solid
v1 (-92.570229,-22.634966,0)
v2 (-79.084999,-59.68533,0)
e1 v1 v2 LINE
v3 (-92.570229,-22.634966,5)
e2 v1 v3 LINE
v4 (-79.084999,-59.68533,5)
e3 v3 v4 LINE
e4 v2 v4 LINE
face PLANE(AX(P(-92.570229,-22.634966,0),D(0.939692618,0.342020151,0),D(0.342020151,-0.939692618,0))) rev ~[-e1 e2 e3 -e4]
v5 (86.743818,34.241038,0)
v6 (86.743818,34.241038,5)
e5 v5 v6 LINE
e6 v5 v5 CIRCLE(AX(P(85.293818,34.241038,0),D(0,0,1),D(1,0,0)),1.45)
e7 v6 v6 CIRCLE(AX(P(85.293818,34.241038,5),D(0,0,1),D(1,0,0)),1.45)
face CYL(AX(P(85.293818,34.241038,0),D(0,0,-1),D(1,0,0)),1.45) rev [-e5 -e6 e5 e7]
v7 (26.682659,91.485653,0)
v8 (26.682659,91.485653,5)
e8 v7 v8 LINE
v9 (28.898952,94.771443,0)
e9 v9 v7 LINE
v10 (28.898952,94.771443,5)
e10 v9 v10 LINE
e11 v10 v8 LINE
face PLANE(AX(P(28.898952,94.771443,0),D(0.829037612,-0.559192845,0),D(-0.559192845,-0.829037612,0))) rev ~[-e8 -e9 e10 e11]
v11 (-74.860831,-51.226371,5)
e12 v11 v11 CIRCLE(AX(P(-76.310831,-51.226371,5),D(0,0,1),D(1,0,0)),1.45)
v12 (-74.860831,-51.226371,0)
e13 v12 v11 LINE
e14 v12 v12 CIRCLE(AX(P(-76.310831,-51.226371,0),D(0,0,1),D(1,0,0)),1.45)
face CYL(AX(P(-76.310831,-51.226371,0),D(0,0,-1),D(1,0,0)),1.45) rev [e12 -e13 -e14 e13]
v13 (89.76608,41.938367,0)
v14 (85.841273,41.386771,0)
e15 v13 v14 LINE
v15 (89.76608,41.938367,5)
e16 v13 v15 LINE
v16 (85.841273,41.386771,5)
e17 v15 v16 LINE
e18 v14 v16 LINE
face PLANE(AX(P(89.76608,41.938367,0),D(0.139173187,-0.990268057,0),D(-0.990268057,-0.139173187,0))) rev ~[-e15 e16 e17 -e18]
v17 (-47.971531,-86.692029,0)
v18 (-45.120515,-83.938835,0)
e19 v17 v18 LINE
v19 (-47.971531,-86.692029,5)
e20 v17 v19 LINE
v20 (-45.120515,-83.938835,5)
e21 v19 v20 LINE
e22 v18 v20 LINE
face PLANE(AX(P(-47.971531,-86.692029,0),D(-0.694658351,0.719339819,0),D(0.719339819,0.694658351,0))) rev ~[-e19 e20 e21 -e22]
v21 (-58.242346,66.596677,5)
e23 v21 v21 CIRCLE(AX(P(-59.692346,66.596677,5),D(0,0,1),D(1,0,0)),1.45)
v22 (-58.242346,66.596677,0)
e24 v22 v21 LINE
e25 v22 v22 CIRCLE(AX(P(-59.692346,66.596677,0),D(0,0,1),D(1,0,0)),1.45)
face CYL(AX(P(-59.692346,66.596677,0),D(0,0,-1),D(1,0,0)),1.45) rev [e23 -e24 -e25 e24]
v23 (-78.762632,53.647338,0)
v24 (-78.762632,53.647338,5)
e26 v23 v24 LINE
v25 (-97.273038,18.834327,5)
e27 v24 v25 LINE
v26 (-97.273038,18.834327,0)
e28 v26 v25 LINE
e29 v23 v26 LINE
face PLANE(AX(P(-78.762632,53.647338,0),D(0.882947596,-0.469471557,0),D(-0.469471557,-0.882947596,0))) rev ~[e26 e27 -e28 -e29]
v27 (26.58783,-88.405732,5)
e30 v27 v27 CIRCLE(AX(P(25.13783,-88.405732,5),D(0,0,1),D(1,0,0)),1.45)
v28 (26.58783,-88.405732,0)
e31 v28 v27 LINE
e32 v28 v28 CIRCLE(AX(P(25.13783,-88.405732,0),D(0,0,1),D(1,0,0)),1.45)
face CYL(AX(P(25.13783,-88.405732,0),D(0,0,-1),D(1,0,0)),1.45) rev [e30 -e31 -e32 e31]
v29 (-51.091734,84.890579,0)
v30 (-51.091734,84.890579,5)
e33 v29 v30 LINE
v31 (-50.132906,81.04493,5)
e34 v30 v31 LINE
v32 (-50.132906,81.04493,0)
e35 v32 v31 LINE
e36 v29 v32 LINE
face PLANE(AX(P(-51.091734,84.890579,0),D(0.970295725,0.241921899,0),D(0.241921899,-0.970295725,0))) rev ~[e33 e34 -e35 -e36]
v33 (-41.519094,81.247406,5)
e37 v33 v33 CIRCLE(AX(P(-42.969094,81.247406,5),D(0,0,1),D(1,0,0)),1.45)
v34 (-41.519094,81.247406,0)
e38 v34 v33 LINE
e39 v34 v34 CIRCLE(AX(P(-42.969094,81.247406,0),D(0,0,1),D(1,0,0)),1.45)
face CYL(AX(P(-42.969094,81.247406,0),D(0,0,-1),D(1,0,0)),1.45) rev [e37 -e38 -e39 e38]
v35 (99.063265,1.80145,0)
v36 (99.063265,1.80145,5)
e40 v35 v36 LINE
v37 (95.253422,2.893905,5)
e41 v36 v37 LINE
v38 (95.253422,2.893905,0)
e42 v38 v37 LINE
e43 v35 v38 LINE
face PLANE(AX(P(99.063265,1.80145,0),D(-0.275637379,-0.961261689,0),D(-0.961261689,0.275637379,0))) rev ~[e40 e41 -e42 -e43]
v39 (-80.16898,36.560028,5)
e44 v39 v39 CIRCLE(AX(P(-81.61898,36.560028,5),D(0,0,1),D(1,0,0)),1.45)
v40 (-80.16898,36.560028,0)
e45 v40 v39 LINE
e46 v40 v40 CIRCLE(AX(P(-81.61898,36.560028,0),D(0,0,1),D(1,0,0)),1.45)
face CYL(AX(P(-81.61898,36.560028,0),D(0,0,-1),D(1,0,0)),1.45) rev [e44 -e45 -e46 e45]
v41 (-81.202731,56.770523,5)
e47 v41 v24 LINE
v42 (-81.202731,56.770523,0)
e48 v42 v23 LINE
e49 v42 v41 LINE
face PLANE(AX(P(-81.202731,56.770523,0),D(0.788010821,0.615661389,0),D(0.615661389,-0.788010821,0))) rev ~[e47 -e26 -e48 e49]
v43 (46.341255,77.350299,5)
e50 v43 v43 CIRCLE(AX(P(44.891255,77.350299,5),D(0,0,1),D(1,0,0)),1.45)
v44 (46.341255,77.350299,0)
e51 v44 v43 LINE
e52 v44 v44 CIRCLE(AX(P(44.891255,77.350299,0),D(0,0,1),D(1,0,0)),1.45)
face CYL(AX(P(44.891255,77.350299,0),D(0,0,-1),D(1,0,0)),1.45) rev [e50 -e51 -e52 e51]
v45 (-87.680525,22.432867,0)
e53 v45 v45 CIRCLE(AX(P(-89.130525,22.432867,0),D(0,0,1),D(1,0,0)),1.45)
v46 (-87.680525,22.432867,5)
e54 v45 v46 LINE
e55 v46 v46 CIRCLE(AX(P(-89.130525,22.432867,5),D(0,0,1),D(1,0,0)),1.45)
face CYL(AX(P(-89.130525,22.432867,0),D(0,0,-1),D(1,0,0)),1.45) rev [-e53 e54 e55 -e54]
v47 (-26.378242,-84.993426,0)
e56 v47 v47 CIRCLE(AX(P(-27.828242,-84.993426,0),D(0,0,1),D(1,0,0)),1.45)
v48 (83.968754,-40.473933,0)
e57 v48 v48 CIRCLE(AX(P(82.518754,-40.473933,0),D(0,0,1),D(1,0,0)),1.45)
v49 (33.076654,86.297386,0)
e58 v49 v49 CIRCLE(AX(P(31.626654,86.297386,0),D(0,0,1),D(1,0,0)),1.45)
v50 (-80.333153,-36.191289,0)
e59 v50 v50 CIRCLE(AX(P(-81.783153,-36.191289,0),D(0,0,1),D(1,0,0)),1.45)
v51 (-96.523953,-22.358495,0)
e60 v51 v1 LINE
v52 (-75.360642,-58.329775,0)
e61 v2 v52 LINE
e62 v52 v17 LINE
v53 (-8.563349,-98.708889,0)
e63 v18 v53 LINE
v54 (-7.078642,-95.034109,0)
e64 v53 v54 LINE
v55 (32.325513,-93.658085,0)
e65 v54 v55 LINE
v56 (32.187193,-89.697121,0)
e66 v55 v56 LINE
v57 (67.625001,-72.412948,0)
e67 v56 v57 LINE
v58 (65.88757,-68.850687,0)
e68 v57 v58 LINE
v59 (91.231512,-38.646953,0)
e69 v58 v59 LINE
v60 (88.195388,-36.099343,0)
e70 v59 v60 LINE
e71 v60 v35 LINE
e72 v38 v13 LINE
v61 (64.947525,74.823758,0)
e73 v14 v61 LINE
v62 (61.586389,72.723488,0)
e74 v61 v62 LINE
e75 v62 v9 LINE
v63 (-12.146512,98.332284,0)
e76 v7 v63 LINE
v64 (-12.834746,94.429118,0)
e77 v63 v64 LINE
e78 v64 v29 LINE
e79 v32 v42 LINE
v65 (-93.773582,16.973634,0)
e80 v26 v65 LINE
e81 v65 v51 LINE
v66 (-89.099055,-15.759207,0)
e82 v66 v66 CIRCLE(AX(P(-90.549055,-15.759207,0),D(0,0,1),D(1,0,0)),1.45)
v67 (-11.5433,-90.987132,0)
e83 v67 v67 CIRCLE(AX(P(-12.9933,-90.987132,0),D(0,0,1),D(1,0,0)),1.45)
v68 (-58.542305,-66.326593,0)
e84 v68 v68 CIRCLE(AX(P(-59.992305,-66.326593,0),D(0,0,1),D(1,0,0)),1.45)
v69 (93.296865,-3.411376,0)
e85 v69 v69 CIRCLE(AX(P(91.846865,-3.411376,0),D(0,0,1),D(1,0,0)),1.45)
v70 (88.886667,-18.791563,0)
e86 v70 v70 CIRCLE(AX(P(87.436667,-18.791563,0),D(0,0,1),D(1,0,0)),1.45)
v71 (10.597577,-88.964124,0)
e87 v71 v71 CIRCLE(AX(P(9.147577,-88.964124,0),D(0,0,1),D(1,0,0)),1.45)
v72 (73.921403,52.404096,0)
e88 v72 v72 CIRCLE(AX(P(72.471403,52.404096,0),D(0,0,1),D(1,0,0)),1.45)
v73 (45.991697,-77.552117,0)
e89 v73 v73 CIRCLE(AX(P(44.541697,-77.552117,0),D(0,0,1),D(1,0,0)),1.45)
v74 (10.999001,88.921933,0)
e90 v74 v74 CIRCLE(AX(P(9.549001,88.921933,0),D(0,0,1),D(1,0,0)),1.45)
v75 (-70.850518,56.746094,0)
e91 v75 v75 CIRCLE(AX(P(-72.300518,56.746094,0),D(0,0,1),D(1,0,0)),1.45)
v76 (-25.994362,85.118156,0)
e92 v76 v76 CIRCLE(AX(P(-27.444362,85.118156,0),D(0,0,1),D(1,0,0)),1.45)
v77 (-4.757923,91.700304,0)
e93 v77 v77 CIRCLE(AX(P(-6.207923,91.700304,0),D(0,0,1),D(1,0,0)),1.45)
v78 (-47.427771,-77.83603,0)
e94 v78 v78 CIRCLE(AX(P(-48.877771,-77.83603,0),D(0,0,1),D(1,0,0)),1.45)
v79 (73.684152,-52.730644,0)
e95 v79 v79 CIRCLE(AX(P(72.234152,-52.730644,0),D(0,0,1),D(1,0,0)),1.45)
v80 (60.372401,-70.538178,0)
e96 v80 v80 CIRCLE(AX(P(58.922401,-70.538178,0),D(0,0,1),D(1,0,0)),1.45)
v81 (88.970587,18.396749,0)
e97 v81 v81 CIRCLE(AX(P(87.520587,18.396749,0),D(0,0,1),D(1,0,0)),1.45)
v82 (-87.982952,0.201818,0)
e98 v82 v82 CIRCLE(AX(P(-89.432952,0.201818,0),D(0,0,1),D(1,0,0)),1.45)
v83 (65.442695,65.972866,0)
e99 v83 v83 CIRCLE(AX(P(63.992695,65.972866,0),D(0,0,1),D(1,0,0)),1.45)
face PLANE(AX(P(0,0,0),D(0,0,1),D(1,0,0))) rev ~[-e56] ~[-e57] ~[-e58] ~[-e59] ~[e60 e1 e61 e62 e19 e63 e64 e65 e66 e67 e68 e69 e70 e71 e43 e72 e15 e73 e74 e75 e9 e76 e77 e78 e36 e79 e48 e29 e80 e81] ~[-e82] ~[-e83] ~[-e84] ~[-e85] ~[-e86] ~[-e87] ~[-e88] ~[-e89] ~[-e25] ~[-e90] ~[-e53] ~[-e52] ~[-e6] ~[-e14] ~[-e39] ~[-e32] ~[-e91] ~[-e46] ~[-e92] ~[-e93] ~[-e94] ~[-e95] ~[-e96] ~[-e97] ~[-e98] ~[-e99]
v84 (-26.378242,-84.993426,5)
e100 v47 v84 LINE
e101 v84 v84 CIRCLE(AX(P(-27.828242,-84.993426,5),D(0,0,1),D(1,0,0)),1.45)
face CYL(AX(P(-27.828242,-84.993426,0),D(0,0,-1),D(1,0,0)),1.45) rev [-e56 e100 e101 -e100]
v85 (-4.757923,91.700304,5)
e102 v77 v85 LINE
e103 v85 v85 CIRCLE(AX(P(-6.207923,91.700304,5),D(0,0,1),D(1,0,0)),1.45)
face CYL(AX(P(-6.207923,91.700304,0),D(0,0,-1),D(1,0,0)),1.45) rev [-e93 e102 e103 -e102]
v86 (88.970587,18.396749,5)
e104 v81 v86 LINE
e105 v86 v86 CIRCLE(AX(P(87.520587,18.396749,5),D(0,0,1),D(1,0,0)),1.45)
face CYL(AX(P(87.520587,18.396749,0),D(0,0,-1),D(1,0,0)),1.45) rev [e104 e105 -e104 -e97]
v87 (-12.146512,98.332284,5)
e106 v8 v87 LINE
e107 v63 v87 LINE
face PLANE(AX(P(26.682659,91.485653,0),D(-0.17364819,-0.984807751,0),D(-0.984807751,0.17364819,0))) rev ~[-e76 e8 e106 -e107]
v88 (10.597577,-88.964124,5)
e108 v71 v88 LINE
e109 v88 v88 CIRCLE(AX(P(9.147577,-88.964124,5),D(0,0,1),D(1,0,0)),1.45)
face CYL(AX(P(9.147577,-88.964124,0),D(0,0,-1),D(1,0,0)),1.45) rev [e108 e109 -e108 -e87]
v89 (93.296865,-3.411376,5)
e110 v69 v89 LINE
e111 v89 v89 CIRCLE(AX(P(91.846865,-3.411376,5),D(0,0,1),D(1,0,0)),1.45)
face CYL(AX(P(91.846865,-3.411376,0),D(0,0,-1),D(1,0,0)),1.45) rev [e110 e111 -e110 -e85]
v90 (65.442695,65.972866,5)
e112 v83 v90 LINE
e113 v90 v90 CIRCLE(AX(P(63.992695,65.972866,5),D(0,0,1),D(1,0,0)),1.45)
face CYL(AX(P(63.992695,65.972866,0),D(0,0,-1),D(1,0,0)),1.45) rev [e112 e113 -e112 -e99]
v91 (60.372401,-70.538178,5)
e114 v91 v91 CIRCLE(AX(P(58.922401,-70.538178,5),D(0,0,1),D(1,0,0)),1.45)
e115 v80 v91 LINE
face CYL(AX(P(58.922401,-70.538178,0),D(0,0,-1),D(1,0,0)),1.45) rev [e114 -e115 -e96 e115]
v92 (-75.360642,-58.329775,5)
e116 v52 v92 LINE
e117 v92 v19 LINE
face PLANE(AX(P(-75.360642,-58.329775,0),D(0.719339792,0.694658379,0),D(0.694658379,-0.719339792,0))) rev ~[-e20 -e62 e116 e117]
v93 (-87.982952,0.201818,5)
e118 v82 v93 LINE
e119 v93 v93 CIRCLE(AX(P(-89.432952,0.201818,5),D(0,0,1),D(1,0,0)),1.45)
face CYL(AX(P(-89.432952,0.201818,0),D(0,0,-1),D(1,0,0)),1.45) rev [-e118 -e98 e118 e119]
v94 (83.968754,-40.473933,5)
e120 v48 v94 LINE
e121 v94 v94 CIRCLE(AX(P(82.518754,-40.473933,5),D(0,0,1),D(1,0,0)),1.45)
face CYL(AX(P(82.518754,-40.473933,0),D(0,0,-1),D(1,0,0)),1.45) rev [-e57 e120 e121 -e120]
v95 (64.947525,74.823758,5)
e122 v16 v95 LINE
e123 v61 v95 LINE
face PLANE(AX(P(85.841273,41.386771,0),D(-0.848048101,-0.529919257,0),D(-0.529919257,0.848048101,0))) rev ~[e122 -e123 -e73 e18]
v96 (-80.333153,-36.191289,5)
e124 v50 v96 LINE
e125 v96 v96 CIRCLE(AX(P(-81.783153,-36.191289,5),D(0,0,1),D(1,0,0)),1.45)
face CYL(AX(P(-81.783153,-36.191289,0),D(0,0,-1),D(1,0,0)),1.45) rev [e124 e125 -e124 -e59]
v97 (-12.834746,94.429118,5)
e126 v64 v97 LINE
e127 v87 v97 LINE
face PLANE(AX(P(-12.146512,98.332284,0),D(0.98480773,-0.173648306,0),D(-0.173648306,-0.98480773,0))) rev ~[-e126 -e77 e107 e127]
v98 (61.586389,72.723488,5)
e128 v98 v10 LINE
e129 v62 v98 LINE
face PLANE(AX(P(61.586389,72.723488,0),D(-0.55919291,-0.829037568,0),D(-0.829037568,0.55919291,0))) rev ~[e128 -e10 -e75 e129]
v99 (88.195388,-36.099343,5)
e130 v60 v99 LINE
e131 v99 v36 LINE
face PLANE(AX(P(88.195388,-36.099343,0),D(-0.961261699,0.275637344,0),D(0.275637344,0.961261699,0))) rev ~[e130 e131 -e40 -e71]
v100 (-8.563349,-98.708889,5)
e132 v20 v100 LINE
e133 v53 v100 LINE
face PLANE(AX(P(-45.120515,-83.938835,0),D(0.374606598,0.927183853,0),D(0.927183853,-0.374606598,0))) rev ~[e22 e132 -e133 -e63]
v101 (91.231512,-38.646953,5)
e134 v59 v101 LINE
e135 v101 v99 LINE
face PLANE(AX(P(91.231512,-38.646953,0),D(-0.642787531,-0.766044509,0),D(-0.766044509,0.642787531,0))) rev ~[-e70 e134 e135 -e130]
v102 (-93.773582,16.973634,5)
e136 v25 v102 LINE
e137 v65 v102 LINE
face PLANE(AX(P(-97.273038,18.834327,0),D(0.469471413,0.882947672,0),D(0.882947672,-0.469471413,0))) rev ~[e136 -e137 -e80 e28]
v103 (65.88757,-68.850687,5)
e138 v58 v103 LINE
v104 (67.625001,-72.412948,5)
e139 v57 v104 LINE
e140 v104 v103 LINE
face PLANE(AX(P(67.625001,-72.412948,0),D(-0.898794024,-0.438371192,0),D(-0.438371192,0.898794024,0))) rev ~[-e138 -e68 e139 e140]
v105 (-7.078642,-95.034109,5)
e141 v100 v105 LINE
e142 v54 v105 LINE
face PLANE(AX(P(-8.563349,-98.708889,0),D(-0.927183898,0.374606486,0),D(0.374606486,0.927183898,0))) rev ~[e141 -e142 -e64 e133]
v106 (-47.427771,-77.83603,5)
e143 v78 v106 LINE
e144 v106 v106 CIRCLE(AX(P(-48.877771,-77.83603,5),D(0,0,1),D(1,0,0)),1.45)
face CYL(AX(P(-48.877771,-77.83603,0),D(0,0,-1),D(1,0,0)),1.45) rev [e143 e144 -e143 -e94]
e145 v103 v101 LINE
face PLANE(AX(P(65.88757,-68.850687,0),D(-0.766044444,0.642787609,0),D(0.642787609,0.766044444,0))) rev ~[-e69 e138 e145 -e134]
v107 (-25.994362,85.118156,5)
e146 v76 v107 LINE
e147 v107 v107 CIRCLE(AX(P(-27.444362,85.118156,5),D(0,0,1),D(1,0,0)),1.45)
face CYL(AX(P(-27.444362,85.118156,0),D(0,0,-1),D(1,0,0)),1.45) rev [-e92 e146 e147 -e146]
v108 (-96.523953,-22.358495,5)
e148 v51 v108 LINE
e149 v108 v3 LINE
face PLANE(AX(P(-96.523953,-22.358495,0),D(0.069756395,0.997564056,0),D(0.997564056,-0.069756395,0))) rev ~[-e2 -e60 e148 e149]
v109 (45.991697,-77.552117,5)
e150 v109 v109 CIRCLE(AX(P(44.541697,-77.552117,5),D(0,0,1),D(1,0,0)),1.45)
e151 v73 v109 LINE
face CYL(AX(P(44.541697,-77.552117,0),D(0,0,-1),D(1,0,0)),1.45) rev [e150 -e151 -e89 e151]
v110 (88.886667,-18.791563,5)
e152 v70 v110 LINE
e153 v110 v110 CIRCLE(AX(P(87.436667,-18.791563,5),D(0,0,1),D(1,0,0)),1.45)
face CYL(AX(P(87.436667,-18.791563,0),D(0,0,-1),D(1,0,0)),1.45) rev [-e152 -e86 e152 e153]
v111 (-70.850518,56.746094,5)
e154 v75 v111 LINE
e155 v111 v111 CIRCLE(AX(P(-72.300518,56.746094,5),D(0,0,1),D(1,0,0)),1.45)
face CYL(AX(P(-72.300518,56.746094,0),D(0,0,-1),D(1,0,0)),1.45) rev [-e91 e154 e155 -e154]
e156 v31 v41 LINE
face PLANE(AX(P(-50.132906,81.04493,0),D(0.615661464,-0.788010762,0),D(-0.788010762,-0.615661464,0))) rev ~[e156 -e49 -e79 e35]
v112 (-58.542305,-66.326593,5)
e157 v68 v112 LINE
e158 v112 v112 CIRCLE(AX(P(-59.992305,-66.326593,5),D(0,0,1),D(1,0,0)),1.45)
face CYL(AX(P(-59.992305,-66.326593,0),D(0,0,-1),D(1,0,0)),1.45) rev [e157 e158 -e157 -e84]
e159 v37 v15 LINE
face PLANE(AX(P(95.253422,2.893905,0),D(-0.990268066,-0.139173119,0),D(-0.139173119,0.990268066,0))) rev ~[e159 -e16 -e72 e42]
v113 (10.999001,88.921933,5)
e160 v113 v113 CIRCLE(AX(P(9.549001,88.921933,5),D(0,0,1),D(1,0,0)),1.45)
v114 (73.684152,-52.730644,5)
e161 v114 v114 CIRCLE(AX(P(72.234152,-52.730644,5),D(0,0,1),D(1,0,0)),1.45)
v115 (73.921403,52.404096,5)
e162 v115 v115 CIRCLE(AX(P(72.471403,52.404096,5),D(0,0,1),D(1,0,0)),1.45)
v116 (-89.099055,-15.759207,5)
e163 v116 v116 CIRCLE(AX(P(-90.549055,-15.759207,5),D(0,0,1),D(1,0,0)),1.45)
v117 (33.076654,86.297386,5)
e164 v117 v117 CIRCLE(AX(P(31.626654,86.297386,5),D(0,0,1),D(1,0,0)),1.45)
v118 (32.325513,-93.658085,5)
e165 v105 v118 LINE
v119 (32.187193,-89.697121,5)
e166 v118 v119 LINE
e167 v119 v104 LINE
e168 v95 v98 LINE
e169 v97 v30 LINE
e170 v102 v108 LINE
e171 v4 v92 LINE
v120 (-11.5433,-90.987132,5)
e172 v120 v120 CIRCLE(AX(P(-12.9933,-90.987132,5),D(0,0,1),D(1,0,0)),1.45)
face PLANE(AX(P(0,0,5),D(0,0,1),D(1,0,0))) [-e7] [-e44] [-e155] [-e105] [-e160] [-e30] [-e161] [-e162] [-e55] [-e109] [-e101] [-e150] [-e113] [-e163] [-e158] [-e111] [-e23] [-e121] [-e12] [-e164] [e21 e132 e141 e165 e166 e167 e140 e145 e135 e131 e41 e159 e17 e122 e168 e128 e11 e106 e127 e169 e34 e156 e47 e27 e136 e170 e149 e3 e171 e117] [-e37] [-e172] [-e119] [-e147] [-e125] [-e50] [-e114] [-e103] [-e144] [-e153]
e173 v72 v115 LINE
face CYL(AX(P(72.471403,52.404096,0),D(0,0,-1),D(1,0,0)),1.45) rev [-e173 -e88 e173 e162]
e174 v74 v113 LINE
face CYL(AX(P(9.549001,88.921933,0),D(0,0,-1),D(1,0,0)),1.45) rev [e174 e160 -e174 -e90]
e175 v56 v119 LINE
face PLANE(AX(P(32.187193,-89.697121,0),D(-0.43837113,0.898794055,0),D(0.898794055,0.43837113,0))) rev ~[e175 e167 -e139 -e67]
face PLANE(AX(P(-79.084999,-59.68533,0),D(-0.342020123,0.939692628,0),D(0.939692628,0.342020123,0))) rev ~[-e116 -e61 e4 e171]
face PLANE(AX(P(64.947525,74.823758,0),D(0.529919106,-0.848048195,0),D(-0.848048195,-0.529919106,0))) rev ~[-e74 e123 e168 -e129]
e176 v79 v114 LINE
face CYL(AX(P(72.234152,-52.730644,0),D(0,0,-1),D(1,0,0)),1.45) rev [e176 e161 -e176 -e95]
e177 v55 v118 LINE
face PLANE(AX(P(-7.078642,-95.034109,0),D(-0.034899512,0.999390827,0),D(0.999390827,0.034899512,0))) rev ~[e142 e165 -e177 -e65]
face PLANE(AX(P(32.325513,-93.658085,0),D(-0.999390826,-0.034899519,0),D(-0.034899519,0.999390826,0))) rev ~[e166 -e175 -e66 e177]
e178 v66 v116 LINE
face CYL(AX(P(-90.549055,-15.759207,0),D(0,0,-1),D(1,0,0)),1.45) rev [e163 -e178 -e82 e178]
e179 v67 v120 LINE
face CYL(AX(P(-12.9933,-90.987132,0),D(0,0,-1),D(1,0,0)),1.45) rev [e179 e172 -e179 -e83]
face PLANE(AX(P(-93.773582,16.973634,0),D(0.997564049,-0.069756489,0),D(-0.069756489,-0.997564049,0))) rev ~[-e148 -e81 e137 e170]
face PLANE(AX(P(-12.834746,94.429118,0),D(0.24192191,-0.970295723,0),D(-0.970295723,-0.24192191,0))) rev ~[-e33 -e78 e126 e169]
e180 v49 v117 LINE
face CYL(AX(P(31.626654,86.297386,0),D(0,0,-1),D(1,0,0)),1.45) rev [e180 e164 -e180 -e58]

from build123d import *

# Parameters (mm, degrees)
F0_R     = 1.45
F1_DEPTH = 5


with BuildPart() as f1:
    # F0 (on Top) → F1 (new body)
    with BuildSketch(Plane.XY):
        Polygon((-12.834746, 94.429118), (-51.091734, 84.890579), (-50.132906, 81.04493), (-81.202731, 56.770523), (-78.762632, 53.647338), (-97.273038, 18.834327), (-93.773582, 16.973634), (-96.523953, -22.358495), (-92.570229, -22.634966), (-79.084999, -59.68533), (-75.360642, -58.329775), (-47.971531, -86.692029), (-45.120515, -83.938835), (-8.563349, -98.708889), (-7.078642, -95.034109), (32.325513, -93.658085), (32.187193, -89.697121), (67.625001, -72.412948), (65.88757, -68.850687), (91.231512, -38.646953), (88.195388, -36.099343), (99.063265, 1.80145), (95.253422, 2.893905), (89.76608, 41.938367), (85.841273, 41.386771), (64.947525, 74.823758), (61.586389, 72.723488), (28.898952, 94.771443), (26.682659, 91.485653), (-12.146512, 98.332284), align=None)
        with Locations((-48.877771, -77.83603)):
            Circle(F0_R, mode=Mode.SUBTRACT)
        with Locations((-76.310831, -51.226371)):
            Circle(F0_R, mode=Mode.SUBTRACT)
        with Locations((-59.992305, -66.326593)):
            Circle(F0_R, mode=Mode.SUBTRACT)
        with Locations((-27.828242, -84.993426)):
            Circle(F0_R, mode=Mode.SUBTRACT)
        with Locations((-12.9933, -90.987132)):
            Circle(F0_R, mode=Mode.SUBTRACT)
        with Locations((-81.783153, -36.191289)):
            Circle(F0_R, mode=Mode.SUBTRACT)
        with Locations((-90.549055, -15.759207)):
            Circle(F0_R, mode=Mode.SUBTRACT)
        with Locations((9.147577, -88.964124)):
            Circle(F0_R, mode=Mode.SUBTRACT)
        with Locations((25.13783, -88.405732)):
            Circle(F0_R, mode=Mode.SUBTRACT)
        with Locations((44.541697, -77.552117)):
            Circle(F0_R, mode=Mode.SUBTRACT)
        with Locations((58.922401, -70.538178)):
            Circle(F0_R, mode=Mode.SUBTRACT)
        with Locations((72.234152, -52.730644)):
            Circle(F0_R, mode=Mode.SUBTRACT)
        with Locations((82.518754, -40.473933)):
            Circle(F0_R, mode=Mode.SUBTRACT)
        with Locations((87.436667, -18.791563)):
            Circle(F0_R, mode=Mode.SUBTRACT)
        with Locations((91.846865, -3.411376)):
            Circle(F0_R, mode=Mode.SUBTRACT)
        with Locations((-89.432952, 0.201818)):
            Circle(F0_R, mode=Mode.SUBTRACT)
        with Locations((-89.130525, 22.432867)):
            Circle(F0_R, mode=Mode.SUBTRACT)
        with Locations((-81.61898, 36.560028)):
            Circle(F0_R, mode=Mode.SUBTRACT)
        with Locations((-72.300518, 56.746094)):
            Circle(F0_R, mode=Mode.SUBTRACT)
        with Locations((-59.692346, 66.596677)):
            Circle(F0_R, mode=Mode.SUBTRACT)
        with Locations((-42.969094, 81.247406)):
            Circle(F0_R, mode=Mode.SUBTRACT)
        with Locations((-27.444362, 85.118156)):
            Circle(F0_R, mode=Mode.SUBTRACT)
        with Locations((-6.207923, 91.700304)):
            Circle(F0_R, mode=Mode.SUBTRACT)
        with Locations((87.520587, 18.396749)):
            Circle(F0_R, mode=Mode.SUBTRACT)
        with Locations((85.293818, 34.241038)):
            Circle(F0_R, mode=Mode.SUBTRACT)
        with Locations((9.549001, 88.921933)):
            Circle(F0_R, mode=Mode.SUBTRACT)
        with Locations((44.891255, 77.350299)):
            Circle(F0_R, mode=Mode.SUBTRACT)
        with Locations((31.626654, 86.297386)):
            Circle(F0_R, mode=Mode.SUBTRACT)
        with Locations((72.471403, 52.404096)):
            Circle(F0_R, mode=Mode.SUBTRACT)
        with Locations((63.992695, 65.972866)):
            Circle(F0_R, mode=Mode.SUBTRACT)
    extrude(amount=F1_DEPTH)


solid = f1.part
